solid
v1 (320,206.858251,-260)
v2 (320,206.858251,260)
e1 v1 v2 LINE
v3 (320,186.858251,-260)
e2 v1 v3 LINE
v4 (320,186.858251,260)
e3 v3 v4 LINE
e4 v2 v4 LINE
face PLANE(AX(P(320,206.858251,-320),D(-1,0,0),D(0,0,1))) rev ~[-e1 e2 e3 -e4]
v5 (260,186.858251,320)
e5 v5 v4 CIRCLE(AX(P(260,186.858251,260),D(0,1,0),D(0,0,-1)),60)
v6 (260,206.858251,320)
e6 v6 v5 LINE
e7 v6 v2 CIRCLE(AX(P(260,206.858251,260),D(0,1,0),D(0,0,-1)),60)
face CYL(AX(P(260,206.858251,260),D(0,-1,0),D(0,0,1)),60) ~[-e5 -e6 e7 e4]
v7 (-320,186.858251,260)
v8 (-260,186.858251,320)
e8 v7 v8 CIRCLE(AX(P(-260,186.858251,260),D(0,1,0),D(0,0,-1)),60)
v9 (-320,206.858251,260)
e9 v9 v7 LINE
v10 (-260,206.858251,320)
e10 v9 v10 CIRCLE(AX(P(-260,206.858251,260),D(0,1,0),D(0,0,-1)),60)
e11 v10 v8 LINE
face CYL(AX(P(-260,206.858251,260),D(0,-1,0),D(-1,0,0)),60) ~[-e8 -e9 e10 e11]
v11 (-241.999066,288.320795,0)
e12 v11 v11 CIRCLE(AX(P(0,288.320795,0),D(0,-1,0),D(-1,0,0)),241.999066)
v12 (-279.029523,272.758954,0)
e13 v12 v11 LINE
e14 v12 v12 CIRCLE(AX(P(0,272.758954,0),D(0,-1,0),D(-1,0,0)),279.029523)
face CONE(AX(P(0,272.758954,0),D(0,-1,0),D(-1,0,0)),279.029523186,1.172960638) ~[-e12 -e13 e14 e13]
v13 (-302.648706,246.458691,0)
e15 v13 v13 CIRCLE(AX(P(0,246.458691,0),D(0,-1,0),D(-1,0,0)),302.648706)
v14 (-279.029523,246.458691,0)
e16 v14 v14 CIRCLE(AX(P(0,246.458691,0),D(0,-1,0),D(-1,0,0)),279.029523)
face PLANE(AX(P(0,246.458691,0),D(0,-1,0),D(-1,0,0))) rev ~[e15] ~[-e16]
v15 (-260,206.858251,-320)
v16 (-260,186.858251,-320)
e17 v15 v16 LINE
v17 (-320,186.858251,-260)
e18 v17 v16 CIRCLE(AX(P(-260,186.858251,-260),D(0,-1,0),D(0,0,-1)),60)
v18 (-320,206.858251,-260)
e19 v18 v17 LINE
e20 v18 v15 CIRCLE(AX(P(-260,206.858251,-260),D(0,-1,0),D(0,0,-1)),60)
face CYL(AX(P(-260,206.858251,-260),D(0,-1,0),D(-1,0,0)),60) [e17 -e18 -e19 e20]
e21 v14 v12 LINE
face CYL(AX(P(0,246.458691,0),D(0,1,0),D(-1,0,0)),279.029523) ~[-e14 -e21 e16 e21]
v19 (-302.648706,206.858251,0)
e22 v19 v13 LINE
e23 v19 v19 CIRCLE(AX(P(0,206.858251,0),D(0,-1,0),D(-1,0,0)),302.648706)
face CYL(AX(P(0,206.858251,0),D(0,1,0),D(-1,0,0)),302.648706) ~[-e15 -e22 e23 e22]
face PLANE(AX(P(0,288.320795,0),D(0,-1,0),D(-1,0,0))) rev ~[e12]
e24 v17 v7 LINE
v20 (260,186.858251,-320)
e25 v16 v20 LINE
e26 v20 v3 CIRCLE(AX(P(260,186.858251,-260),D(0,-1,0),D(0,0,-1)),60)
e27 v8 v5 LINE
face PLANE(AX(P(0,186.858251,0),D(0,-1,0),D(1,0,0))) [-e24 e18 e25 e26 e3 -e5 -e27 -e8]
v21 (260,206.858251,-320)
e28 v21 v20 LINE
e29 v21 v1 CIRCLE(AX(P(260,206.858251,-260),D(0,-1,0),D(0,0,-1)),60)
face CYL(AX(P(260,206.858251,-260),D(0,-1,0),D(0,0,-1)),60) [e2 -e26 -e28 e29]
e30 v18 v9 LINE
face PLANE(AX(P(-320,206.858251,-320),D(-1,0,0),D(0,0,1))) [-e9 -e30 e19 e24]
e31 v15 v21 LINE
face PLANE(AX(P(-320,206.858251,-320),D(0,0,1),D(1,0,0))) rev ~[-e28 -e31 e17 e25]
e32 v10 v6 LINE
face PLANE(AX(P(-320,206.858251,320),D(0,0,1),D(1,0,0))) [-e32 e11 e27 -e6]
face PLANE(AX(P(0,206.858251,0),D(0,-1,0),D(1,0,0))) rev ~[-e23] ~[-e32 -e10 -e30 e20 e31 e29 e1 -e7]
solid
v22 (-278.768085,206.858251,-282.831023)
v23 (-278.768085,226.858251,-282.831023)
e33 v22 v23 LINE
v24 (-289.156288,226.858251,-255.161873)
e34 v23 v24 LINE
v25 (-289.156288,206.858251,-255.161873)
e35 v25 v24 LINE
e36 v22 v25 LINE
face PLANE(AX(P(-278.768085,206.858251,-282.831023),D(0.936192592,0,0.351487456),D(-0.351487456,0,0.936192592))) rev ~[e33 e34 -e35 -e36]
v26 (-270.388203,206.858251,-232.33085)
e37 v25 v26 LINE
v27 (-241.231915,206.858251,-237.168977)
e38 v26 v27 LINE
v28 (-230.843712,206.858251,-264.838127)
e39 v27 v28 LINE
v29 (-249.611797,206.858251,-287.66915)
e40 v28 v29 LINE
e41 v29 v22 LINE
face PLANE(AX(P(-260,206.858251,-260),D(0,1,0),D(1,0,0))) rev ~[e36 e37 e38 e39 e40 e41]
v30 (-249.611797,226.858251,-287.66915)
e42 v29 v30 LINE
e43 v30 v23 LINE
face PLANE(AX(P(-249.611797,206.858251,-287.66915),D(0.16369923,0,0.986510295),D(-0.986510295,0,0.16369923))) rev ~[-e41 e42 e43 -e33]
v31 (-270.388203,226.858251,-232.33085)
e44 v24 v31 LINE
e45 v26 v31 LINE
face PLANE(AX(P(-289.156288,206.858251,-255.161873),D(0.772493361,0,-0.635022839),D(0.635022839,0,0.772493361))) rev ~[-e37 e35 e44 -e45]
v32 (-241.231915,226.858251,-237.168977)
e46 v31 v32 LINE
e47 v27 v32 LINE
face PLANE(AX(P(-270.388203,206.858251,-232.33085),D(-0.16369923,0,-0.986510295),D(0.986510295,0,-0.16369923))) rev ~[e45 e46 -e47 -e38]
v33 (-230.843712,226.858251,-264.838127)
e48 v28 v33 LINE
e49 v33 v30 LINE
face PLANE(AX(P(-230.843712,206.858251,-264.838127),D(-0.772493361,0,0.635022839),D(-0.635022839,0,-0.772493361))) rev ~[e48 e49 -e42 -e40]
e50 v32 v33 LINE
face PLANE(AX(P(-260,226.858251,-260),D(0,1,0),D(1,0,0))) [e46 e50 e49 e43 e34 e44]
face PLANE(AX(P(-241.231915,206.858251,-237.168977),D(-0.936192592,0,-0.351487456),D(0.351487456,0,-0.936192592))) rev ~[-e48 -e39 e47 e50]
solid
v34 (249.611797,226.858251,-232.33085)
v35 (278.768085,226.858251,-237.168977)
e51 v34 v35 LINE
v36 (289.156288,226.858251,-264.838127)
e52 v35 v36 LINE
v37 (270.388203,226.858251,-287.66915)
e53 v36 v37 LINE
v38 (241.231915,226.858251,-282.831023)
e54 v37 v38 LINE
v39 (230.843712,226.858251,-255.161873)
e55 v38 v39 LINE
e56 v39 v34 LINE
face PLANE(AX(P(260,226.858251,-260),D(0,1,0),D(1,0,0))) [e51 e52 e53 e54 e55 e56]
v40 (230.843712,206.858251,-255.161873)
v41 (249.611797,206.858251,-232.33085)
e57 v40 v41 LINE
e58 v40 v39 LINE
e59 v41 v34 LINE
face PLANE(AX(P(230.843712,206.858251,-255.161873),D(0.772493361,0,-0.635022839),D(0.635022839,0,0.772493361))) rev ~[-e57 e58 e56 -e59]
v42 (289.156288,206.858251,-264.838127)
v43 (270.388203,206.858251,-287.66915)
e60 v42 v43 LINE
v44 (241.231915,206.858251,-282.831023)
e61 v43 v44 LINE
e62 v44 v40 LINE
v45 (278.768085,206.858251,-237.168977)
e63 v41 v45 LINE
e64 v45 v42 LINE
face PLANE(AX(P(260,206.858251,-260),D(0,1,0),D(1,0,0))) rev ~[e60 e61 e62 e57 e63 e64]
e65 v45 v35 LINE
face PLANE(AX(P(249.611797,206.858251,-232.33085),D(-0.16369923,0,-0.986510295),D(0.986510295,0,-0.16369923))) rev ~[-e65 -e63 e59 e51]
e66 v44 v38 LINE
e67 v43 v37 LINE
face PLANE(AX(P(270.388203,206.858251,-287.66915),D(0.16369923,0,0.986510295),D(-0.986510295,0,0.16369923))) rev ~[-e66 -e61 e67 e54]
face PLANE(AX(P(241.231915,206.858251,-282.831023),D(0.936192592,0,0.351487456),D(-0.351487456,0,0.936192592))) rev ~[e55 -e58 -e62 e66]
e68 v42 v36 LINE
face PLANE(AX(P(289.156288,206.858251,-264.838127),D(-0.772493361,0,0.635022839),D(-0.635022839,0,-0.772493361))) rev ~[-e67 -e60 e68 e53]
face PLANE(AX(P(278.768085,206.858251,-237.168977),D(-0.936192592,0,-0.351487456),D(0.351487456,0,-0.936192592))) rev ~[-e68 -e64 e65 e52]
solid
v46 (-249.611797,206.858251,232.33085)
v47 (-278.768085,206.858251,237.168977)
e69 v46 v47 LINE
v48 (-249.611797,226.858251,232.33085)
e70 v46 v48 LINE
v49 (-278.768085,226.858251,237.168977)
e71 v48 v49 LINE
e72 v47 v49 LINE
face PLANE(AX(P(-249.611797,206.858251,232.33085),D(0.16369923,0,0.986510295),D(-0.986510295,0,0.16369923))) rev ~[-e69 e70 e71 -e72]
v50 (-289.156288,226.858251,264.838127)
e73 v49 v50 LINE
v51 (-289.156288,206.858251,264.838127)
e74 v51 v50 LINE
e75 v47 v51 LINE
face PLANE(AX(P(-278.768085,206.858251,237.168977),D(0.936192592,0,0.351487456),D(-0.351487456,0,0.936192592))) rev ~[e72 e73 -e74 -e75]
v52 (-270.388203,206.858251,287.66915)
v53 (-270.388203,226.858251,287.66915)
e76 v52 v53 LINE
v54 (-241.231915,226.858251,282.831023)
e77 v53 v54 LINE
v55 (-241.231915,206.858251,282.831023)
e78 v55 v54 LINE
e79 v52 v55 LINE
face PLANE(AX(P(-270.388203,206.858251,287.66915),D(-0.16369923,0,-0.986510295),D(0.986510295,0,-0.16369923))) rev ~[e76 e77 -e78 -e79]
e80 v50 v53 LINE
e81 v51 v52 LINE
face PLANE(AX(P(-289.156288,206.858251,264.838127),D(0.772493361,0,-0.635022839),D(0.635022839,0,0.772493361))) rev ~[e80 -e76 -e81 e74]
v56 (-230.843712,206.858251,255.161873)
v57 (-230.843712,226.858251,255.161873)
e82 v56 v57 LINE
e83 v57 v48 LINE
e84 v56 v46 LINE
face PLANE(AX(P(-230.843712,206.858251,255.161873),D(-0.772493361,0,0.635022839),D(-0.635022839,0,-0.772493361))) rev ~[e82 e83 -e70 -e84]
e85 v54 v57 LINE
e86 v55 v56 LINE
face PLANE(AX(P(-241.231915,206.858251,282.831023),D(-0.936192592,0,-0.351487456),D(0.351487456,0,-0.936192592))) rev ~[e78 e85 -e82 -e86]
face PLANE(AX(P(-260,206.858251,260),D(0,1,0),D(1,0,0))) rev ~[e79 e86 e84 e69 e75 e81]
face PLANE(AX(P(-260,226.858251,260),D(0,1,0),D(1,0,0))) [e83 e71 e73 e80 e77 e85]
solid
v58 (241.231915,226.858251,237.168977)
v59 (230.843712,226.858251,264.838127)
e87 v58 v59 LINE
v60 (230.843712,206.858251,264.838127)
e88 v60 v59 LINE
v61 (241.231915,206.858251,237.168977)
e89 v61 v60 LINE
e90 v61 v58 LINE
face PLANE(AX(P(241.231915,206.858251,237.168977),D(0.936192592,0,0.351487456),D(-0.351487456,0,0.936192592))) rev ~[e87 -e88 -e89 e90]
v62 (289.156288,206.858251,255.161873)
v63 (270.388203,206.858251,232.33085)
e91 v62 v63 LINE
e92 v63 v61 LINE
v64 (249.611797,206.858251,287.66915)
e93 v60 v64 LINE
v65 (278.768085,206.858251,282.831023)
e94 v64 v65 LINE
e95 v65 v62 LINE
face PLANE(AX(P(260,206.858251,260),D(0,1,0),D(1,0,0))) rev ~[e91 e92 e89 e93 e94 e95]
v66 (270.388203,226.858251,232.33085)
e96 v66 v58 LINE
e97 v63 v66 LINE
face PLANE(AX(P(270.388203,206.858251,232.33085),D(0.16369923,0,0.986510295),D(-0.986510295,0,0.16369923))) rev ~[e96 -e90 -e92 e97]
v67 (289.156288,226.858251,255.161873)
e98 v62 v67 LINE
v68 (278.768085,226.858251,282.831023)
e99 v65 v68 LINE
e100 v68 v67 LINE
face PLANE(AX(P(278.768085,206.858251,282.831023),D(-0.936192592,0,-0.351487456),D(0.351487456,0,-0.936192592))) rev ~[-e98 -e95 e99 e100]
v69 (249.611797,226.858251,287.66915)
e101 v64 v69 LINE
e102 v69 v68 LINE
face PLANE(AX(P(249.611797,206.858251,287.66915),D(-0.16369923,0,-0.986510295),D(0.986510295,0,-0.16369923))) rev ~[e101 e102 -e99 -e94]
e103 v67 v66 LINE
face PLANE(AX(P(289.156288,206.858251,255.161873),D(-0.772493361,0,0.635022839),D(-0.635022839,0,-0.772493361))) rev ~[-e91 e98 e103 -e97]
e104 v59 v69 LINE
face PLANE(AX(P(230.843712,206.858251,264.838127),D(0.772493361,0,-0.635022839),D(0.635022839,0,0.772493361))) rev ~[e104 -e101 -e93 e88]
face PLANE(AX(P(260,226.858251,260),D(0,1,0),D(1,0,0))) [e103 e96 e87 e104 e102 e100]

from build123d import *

# Parameters (mm, degrees)
SKETCH3_W             = 640
SKETCH3_H             = 640
BOSS_EXTRUDE1_DEPTH   = 20
FILLET1_R             = 60
BOSS_EXTRUDE2_DEPTH   = 20
BOSS_EXTRUDE2_2_DEPTH = 20
BOSS_EXTRUDE2_3_DEPTH = 20
BOSS_EXTRUDE2_4_DEPTH = 20


with BuildPart() as part:
    # Sketch2 → Revolve1 (revolve)
    with BuildSketch(Plane.XY):
        Polygon((-302.648705723, 206.85825101), (-302.648705723, 246.458690992), (-279.029523186, 246.458690992), (-279.029523186, 272.758953847), (-241.999065544, 288.320794667), (0, 288.320794667), (0, 206.85825101), align=None)
    revolve(axis=Axis((0, 288.320794667, 0), (0, -1, 0)))

    # Sketch3 → Boss-Extrude1 (add)
    with BuildSketch(Plane.XZ.offset(-206.85825101)):
        Rectangle(SKETCH3_W, SKETCH3_H)
    extrude(amount=BOSS_EXTRUDE1_DEPTH)

    # Fillet1
    fillet1_edges = [part.edges().sort_by_distance(p)[0] for p in [
        (-320, 196.85825101, 320),
        (-320, 196.85825101, -320),
        (320, 196.85825101, -320),
        (320, 196.85825101, 320),
    ]]
    fillet(fillet1_edges, radius=FILLET1_R)


with BuildPart() as body_2:
    # Sketch4 → Boss-Extrude2 (new body)
    with BuildSketch(Plane(origin=(0, 206.85825101, 0), x_dir=(1, 0, 0), z_dir=(0, 1, 0))):
        Polygon((278.768084989, -282.831023015), (289.15628842, -255.161873127), (270.388203431, -232.330850112), (241.231915011, -237.168976985), (230.84371158, -264.838126873), (249.611796569, -287.669149888), align=None)
    extrude(amount=BOSS_EXTRUDE2_DEPTH)


with BuildPart() as body_3:
    # Sketch4 → Boss-Extrude2 2 (new body)
    with BuildSketch(Plane(origin=(0, 206.85825101, 0), x_dir=(1, 0, 0), z_dir=(0, 1, 0))):
        Polygon((-241.231915011, -282.831023015), (-230.84371158, -255.161873127), (-249.611796569, -232.330850112), (-278.768084989, -237.168976985), (-289.15628842, -264.838126873), (-270.388203431, -287.669149888), align=None)
    extrude(amount=BOSS_EXTRUDE2_2_DEPTH)


with BuildPart() as body_4:
    # Sketch4 → Boss-Extrude2 3 (new body)
    with BuildSketch(Plane(origin=(0, 206.85825101, 0), x_dir=(1, 0, 0), z_dir=(0, 1, 0))):
        Polygon((230.84371158, 255.161873127), (249.611796569, 232.330850112), (278.768084989, 237.168976985), (289.15628842, 264.838126873), (270.388203431, 287.669149888), (241.231915011, 282.831023015), align=None)
    extrude(amount=BOSS_EXTRUDE2_3_DEPTH)


with BuildPart() as body_5:
    # Sketch4 → Boss-Extrude2 4 (new body)
    with BuildSketch(Plane(origin=(0, 206.85825101, 0), x_dir=(1, 0, 0), z_dir=(0, 1, 0))):
        Polygon((-289.15628842, 255.161873127), (-270.388203431, 232.330850112), (-241.231915011, 237.168976985), (-230.84371158, 264.838126873), (-249.611796569, 287.669149888), (-278.768084989, 282.831023015), align=None)
    extrude(amount=BOSS_EXTRUDE2_4_DEPTH)


solid = Compound([part.part, body_2.part, body_3.part, body_4.part, body_5.part])
